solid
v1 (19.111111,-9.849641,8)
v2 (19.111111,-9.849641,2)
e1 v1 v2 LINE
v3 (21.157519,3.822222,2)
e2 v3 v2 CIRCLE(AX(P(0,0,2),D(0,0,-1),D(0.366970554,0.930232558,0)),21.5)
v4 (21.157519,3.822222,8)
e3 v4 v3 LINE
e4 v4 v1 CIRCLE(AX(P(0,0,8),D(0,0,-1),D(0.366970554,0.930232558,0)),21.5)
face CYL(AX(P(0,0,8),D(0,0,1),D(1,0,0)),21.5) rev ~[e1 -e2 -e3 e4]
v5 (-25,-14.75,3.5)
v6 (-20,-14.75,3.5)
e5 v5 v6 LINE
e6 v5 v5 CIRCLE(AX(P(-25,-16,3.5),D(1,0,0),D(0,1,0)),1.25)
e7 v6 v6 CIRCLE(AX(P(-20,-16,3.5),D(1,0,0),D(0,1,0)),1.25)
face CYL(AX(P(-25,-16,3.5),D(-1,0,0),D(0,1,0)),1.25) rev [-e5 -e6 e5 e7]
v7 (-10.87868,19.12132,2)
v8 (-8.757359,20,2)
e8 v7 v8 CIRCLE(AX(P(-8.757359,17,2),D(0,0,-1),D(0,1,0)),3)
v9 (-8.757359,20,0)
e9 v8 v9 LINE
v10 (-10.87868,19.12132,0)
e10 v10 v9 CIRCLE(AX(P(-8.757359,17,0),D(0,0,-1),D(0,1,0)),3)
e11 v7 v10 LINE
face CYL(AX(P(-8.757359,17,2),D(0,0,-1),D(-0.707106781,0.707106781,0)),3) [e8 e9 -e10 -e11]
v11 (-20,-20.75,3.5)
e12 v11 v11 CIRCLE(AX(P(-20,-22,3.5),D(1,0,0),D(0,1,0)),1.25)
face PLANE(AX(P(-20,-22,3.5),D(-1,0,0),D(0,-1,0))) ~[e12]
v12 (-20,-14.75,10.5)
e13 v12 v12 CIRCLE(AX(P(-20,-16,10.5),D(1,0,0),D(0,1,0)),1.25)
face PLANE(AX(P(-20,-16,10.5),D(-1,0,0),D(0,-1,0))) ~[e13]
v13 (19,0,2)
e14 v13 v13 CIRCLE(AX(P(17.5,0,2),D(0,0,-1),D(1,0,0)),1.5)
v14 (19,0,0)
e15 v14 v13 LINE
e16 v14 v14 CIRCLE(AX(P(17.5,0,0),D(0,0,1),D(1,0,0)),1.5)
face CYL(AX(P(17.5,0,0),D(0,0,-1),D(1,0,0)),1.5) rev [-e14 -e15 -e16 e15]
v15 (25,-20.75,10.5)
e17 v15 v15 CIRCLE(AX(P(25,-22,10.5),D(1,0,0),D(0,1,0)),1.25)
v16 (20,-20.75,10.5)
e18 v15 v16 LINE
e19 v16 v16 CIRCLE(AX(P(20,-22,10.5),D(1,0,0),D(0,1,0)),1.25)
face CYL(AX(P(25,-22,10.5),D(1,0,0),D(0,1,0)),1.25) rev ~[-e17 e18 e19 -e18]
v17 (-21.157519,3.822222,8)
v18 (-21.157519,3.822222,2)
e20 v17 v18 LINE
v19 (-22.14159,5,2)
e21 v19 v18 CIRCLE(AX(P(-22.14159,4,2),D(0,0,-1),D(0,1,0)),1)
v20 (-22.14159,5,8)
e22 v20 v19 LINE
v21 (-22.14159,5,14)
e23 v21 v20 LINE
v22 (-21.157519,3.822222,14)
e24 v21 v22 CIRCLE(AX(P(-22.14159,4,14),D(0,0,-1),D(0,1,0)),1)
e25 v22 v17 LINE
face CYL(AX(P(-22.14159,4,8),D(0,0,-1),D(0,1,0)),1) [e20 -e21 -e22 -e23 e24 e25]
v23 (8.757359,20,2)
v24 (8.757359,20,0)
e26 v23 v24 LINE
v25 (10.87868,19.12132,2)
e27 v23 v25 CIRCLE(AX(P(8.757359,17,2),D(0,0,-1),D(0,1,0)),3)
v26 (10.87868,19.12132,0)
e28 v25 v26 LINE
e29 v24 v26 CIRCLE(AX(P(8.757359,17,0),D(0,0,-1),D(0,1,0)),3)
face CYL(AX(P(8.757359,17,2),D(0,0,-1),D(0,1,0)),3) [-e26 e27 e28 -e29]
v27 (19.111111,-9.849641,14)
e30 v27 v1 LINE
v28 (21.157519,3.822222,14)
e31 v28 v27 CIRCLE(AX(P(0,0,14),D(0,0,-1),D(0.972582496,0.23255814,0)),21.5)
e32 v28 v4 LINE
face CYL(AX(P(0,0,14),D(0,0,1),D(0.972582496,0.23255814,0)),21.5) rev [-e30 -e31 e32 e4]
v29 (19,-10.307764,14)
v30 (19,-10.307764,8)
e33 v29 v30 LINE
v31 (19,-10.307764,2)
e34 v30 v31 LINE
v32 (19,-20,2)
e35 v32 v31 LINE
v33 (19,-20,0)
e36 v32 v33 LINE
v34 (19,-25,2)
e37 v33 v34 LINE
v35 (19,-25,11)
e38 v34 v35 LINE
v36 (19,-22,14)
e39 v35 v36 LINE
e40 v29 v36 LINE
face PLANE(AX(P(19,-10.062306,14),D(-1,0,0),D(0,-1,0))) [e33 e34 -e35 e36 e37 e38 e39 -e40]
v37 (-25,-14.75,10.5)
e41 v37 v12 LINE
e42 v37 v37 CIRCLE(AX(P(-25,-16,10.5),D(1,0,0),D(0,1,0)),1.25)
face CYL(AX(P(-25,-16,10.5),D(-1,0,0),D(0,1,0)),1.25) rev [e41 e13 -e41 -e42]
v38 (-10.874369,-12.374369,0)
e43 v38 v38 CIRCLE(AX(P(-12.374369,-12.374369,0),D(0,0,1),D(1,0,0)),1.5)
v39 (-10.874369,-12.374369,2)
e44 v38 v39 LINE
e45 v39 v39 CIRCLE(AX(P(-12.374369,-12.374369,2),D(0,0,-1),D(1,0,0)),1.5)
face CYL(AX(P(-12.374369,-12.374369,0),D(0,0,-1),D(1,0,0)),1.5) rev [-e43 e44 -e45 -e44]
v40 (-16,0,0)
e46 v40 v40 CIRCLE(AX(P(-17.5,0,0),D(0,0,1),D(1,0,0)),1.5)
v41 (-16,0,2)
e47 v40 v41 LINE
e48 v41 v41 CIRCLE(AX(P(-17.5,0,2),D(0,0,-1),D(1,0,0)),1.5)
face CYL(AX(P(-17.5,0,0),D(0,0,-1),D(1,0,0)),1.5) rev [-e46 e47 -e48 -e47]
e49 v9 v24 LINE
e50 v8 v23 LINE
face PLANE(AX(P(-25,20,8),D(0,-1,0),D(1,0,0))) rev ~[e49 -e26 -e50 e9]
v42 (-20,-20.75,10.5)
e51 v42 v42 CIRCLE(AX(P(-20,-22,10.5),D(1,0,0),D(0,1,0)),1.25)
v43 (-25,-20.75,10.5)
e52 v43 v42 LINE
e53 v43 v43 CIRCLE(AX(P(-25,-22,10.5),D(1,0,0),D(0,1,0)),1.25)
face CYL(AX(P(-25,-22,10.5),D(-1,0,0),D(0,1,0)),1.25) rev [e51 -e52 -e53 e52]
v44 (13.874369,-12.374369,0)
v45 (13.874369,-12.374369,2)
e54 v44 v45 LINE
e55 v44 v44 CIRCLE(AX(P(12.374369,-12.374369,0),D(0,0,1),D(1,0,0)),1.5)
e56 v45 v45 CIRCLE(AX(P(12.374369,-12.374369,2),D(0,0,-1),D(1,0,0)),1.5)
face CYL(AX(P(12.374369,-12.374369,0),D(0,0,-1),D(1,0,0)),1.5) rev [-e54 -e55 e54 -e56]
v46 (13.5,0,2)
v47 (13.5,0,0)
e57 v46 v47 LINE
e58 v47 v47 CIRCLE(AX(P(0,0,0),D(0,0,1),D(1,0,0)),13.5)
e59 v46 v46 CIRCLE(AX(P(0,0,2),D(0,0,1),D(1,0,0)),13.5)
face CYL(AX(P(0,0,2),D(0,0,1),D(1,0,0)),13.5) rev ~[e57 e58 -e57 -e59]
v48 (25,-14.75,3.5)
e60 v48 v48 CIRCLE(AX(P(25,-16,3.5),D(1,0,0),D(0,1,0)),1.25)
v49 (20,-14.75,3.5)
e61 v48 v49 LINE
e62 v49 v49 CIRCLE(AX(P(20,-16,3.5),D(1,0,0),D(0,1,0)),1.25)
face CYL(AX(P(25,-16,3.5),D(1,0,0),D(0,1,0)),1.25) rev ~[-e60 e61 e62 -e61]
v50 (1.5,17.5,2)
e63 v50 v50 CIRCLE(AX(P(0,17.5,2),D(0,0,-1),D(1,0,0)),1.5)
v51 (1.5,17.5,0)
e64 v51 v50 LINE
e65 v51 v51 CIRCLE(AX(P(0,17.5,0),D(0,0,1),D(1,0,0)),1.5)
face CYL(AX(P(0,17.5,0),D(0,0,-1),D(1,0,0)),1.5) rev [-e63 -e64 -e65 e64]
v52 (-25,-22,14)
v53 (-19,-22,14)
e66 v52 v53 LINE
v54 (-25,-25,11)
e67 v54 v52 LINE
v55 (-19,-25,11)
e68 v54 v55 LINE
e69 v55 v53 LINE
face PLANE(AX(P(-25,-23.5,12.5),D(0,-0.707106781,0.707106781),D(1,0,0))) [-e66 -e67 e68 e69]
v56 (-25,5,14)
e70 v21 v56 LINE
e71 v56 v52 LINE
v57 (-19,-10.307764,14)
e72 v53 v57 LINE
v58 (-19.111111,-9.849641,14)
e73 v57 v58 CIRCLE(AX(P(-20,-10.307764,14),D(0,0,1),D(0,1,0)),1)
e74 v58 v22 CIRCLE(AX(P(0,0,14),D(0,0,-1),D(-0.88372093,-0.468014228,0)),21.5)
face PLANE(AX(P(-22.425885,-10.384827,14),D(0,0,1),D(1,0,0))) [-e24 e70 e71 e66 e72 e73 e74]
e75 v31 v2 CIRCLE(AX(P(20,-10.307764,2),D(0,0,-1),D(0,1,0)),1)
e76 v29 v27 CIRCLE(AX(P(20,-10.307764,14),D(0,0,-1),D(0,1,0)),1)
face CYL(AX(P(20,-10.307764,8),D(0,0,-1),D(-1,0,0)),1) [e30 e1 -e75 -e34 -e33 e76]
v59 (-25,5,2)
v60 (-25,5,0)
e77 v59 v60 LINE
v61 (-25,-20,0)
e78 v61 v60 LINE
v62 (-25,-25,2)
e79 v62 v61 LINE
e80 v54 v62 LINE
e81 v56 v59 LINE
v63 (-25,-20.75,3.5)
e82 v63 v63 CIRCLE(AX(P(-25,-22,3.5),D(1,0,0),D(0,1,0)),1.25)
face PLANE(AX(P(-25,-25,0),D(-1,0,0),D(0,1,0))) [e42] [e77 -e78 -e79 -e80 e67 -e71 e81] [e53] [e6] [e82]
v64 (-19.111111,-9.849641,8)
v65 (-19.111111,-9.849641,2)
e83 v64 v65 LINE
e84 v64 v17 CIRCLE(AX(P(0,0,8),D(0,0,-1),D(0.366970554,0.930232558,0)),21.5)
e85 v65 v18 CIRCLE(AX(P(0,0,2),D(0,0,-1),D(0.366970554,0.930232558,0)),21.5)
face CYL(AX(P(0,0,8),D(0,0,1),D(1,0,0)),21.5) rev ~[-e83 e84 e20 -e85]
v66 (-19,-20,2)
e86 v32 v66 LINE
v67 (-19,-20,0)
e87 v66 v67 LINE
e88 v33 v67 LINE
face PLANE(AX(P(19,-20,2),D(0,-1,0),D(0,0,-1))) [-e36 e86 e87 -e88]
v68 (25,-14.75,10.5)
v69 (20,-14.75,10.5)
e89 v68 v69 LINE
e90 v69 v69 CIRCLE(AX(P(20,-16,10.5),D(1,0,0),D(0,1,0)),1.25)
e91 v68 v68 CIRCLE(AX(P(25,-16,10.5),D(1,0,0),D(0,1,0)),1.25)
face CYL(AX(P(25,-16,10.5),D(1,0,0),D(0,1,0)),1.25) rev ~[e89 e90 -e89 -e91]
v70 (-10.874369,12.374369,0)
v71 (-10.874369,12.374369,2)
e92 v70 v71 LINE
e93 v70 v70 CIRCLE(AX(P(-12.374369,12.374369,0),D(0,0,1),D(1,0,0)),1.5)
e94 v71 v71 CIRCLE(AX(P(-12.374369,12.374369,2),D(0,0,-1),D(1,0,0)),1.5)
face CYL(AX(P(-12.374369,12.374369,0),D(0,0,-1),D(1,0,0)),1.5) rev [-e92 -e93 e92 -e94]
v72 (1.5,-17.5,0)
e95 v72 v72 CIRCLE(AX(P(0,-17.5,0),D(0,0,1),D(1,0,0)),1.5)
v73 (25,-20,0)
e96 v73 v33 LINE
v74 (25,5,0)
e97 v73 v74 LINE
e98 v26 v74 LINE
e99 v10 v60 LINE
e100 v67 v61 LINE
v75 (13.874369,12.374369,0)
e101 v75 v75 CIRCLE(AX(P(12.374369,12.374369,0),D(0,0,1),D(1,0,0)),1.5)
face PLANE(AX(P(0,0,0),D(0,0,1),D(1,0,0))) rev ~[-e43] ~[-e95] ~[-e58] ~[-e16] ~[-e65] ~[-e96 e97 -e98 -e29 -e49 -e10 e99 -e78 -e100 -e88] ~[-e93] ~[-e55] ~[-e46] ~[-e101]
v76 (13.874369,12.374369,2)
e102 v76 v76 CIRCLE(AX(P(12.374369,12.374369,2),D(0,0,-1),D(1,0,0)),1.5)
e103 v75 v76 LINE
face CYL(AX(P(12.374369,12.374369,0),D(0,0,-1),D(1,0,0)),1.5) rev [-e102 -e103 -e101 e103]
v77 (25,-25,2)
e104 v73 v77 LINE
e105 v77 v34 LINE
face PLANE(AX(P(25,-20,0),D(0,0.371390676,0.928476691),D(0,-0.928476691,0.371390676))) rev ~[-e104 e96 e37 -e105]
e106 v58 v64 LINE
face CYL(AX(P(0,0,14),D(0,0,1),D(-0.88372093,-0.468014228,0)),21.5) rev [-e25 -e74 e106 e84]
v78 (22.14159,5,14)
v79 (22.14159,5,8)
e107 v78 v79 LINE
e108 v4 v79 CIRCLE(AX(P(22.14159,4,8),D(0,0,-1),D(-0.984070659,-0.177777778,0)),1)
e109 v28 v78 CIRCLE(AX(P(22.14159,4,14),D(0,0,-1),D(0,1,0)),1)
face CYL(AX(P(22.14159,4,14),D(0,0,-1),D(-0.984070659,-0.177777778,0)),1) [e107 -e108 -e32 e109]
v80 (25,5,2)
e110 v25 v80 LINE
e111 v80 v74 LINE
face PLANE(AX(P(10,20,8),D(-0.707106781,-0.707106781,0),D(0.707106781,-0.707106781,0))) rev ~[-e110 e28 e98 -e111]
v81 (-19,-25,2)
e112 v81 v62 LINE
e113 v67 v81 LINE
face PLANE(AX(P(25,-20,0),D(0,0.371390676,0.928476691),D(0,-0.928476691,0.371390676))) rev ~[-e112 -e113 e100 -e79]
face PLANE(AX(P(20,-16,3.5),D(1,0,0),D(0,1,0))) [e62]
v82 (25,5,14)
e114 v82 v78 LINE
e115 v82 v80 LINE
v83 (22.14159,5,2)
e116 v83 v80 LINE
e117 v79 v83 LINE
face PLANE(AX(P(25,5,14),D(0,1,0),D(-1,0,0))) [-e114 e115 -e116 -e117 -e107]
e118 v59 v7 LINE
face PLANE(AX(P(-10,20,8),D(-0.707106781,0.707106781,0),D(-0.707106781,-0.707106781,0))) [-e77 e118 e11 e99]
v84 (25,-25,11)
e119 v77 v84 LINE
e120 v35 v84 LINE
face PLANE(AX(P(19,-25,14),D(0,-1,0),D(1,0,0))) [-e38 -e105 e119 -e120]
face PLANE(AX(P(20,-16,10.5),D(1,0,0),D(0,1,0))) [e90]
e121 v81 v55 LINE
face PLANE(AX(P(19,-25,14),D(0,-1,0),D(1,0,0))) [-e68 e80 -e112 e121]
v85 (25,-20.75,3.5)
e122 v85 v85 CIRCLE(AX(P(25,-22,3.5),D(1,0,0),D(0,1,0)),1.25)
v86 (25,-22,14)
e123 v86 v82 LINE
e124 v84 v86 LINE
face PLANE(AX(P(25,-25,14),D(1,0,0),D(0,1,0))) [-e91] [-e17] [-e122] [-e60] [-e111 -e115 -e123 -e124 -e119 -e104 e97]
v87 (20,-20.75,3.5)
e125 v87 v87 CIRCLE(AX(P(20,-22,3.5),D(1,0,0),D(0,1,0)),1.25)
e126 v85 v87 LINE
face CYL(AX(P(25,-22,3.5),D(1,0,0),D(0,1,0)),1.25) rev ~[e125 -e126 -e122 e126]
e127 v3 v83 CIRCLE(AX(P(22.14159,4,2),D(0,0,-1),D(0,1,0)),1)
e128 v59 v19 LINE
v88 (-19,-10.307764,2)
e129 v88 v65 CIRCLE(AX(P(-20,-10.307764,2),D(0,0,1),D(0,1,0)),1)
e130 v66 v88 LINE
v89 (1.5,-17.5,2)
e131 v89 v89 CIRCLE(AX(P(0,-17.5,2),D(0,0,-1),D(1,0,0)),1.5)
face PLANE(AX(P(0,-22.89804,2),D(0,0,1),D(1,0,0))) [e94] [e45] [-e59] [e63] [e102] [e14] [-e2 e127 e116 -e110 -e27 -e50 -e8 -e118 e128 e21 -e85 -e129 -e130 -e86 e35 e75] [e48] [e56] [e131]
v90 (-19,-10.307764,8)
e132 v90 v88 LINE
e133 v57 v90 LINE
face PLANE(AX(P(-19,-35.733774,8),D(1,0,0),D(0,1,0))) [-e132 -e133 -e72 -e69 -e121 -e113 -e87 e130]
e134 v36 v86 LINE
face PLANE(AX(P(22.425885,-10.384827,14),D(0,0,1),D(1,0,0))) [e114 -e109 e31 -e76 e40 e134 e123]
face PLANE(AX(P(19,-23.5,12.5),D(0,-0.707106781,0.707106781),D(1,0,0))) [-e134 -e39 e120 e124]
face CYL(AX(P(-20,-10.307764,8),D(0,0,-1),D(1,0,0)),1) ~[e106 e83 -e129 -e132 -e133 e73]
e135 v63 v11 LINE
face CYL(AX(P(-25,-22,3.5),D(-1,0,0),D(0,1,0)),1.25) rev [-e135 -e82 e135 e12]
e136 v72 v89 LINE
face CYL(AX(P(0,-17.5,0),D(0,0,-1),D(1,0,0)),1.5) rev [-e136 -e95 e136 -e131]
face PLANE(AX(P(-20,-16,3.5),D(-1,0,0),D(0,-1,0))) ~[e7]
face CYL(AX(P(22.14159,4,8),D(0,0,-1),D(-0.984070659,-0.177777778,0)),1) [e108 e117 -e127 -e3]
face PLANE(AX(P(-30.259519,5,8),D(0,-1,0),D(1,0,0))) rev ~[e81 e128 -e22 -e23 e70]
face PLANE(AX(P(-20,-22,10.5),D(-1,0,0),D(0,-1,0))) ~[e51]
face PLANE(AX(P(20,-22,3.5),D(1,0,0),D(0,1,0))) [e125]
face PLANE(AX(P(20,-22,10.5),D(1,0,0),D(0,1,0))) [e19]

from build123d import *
from build123d.topology import SkipClean

# Parameters (mm, degrees)
SKETCH_1_W          = 50
SKETCH_1_H          = 50
SKETCH_1_R          = 21.5
SKETCH_1_R_2        = 13.5
SKETCH_1_R_3        = 1.5
EXTRUDE_1_DEPTH     = 8
SKETCH_2_R          = 21.5
CUT_EXTRUDE_1_DEPTH = 6
SKETCH_3_W          = 50
SKETCH_3_H          = 5
CUT_EXTRUDE_2_DEPTH = 27
CUT_EXTRUDE_3_DEPTH = 10
SKETCH_5_W          = 59.949446365
SKETCH_5_H          = 15
CUT_EXTRUDE_4_DEPTH = 6
SKETCH_6_R          = 13.5
CUT_EXTRUDE_5_DEPTH = 10
SKETCH_7_W          = 38
SKETCH_7_H          = 25.671468353
CUT_EXTRUDE_6_DEPTH = 6
EXTRUDE_START       = 6
EXTRUDE_2_DEPTH     = 6
SKETCH_9_R          = 1.25
CUT_EXTRUDE_7_DEPTH = 5
FILLET_1_R          = 1
FILLET_2_R          = 3
CHAMFER_1_SIZE      = 3
CUT_EXTRUDE_8_DEPTH = 51
CUT_EXTRUDE_9_DEPTH = 38


with BuildPart() as part:
    # 草图1 → 凸台-拉伸1 (new body)
    # profile 1 of 3: a face of its own
    with BuildSketch(Plane.XY):
        Rectangle(SKETCH_1_W, SKETCH_1_H)
        Circle(SKETCH_1_R, mode=Mode.SUBTRACT)
    # profile 2 of 3: a face of its own
    with BuildSketch(Plane.XY):
        Circle(SKETCH_1_R)
        Circle(SKETCH_1_R_2, mode=Mode.SUBTRACT)
        with Locations((0, 17.5)):
            Circle(SKETCH_1_R_3, mode=Mode.SUBTRACT)
        with Locations((12.374368671, 12.374368671)):
            Circle(SKETCH_1_R_3, mode=Mode.SUBTRACT)
        with Locations((17.5, 0)):
            Circle(SKETCH_1_R_3, mode=Mode.SUBTRACT)
        with Locations((12.374368671, -12.374368671)):
            Circle(SKETCH_1_R_3, mode=Mode.SUBTRACT)
        with Locations((0, -17.5)):
            Circle(SKETCH_1_R_3, mode=Mode.SUBTRACT)
        with Locations((-12.374368671, -12.374368671)):
            Circle(SKETCH_1_R_3, mode=Mode.SUBTRACT)
        with Locations((-17.5, 0)):
            Circle(SKETCH_1_R_3, mode=Mode.SUBTRACT)
        with Locations((-12.374368671, 12.374368671)):
            Circle(SKETCH_1_R_3, mode=Mode.SUBTRACT)
    # profile 3 of 3: a face of its own
    with BuildSketch(Plane.XY):
        Circle(SKETCH_1_R_2)
    extrude(amount=EXTRUDE_1_DEPTH)

    # 草图2 → 切除-拉伸1 (cut)
    with BuildSketch(Plane.XY.offset(8)):
        Circle(SKETCH_2_R)
    extrude(amount=-CUT_EXTRUDE_1_DEPTH, mode=Mode.SUBTRACT)

    # 草图3 → 切除-拉伸2 (cut)
    with BuildSketch(Plane.XY.offset(8)):
        with Locations((0, 22.5)):
            Rectangle(SKETCH_3_W, SKETCH_3_H)
    extrude(amount=-CUT_EXTRUDE_2_DEPTH, mode=Mode.SUBTRACT)

    # 草图4 → 切除-拉伸3 (cut)
    with BuildSketch(Plane.XY.offset(8)):
        Polygon((-25, 5), (-25, 20), (-10, 20), align=None)
        Polygon((10, 20), (25, 5), (25, 20), align=None)
    extrude(amount=-CUT_EXTRUDE_3_DEPTH, mode=Mode.SUBTRACT)

    # 草图5 → 切除-拉伸4 (cut)
    with BuildSketch(Plane.XY.offset(8)):
        with Locations((-0.284795469, 12.5)):
            Rectangle(SKETCH_5_W, SKETCH_5_H)
    extrude(amount=-CUT_EXTRUDE_4_DEPTH, mode=Mode.SUBTRACT)

    # 草图6 → 切除-拉伸5 (cut)
    with BuildSketch(Plane.XY.offset(2)):
        Circle(SKETCH_6_R)
    extrude(amount=-CUT_EXTRUDE_5_DEPTH, mode=Mode.SUBTRACT)

    # 草图7 → 切除-拉伸6 (cut)
    with BuildSketch(Plane.XY.offset(8)):
        with Locations((0, -22.898040076)):
            Rectangle(SKETCH_7_W, SKETCH_7_H)
    extrude(amount=-CUT_EXTRUDE_6_DEPTH, mode=Mode.SUBTRACT)

    # 草图8 → 凸台-拉伸2 (add)
    with BuildSketch(Plane.XY.offset(8).offset(EXTRUDE_START)):
        with BuildLine():
            Line((19, -10.062305899), (19, -25))
            Line((19, -25), (25, -25))
            Line((25, -25), (25, 5))
            Line((25, 5), (20.910523666, 5))
            ThreePointArc((20.910523666, 5), (21.329105457, -2.70541317), (19, -10.062305899))
        make_face()
        with BuildLine():
            Line((-19, -25), (-19, -10.062305899))
            ThreePointArc((-19, -10.062305899), (-21.329105457, -2.70541317), (-20.910523666, 5))
            Line((-20.910523666, 5), (-25, 5))
            Line((-25, 5), (-25, -25))
            Line((-25, -25), (-19, -25))
        make_face()
    extrude(amount=-EXTRUDE_2_DEPTH)

    # 草图9 → 切除-拉伸7 (cut)
    with SkipClean():  # the faces are left unmerged after this step: merging them gives an invalid solid
        with BuildSketch(Plane(origin=(25, 0, 0), x_dir=(0, 0, -1), z_dir=(1, 0, 0))):
            with Locations(Location((-3.5, -16, 0), (0, 0, 90))):
                Circle(SKETCH_9_R)
            with Locations(Location((-3.5, -22, 0), (0, 0, 90))):
                Circle(SKETCH_9_R)
            with Locations(Location((-10.5, -16, 0), (0, 0, 90))):
                Circle(SKETCH_9_R)
            with Locations(Location((-10.5, -22, 0), (0, 0, 90))):
                Circle(SKETCH_9_R)
        cut_extrude_7 = extrude(amount=-CUT_EXTRUDE_7_DEPTH, mode=Mode.SUBTRACT)

    # 镜向1: 切除-拉伸7 across plane
    with SkipClean():  # the faces are left unmerged after this step: merging them gives an invalid solid
        add(cut_extrude_7.mirror(Plane(origin=(0, 0, 0), x_dir=(0, 0, 1), z_dir=(1, 0, 0))), mode=Mode.SUBTRACT)

    # 圆角1
    fillet_1_edges = [part.edges().sort_by_distance(p)[0] for p in [
        (20.910523666, 5, 8),
        (-20.910523666, 5, 11),
        (19, -10.062305899, 8),
        (-19, -10.062305899, 5),
    ]]
    fillet(fillet_1_edges, radius=FILLET_1_R)

    # 圆角2
    fillet_2_edges = [part.edges().sort_by_distance(p)[0] for p in [
        (10, 20, 1),
        (-10, 20, 1),
    ]]
    fillet(fillet_2_edges, radius=FILLET_2_R)

    # 倒角1
    chamfer_1_edges = [part.edges().sort_by_distance(p)[0] for p in [
        (22, -25, 14),
        (-22, -25, 14),
    ]]
    chamfer(chamfer_1_edges, length=CHAMFER_1_SIZE)

    # 草图10 → 切除-拉伸8 (cut)
    with BuildSketch(Plane(origin=(25, 0, 0), x_dir=(0, 0, -1), z_dir=(1, 0, 0))):
        Polygon((-2, -25), (0, -25), (0, -20), align=None)
    extrude(amount=-CUT_EXTRUDE_8_DEPTH, mode=Mode.SUBTRACT)

    # 草图11 → 切除-拉伸9 (cut)
    with BuildSketch(Plane.ZY.offset(-19)):
        Polygon((2, -25), (2, -20), (0, -20), align=None)
    extrude(amount=CUT_EXTRUDE_9_DEPTH, mode=Mode.SUBTRACT)


solid = part.part
